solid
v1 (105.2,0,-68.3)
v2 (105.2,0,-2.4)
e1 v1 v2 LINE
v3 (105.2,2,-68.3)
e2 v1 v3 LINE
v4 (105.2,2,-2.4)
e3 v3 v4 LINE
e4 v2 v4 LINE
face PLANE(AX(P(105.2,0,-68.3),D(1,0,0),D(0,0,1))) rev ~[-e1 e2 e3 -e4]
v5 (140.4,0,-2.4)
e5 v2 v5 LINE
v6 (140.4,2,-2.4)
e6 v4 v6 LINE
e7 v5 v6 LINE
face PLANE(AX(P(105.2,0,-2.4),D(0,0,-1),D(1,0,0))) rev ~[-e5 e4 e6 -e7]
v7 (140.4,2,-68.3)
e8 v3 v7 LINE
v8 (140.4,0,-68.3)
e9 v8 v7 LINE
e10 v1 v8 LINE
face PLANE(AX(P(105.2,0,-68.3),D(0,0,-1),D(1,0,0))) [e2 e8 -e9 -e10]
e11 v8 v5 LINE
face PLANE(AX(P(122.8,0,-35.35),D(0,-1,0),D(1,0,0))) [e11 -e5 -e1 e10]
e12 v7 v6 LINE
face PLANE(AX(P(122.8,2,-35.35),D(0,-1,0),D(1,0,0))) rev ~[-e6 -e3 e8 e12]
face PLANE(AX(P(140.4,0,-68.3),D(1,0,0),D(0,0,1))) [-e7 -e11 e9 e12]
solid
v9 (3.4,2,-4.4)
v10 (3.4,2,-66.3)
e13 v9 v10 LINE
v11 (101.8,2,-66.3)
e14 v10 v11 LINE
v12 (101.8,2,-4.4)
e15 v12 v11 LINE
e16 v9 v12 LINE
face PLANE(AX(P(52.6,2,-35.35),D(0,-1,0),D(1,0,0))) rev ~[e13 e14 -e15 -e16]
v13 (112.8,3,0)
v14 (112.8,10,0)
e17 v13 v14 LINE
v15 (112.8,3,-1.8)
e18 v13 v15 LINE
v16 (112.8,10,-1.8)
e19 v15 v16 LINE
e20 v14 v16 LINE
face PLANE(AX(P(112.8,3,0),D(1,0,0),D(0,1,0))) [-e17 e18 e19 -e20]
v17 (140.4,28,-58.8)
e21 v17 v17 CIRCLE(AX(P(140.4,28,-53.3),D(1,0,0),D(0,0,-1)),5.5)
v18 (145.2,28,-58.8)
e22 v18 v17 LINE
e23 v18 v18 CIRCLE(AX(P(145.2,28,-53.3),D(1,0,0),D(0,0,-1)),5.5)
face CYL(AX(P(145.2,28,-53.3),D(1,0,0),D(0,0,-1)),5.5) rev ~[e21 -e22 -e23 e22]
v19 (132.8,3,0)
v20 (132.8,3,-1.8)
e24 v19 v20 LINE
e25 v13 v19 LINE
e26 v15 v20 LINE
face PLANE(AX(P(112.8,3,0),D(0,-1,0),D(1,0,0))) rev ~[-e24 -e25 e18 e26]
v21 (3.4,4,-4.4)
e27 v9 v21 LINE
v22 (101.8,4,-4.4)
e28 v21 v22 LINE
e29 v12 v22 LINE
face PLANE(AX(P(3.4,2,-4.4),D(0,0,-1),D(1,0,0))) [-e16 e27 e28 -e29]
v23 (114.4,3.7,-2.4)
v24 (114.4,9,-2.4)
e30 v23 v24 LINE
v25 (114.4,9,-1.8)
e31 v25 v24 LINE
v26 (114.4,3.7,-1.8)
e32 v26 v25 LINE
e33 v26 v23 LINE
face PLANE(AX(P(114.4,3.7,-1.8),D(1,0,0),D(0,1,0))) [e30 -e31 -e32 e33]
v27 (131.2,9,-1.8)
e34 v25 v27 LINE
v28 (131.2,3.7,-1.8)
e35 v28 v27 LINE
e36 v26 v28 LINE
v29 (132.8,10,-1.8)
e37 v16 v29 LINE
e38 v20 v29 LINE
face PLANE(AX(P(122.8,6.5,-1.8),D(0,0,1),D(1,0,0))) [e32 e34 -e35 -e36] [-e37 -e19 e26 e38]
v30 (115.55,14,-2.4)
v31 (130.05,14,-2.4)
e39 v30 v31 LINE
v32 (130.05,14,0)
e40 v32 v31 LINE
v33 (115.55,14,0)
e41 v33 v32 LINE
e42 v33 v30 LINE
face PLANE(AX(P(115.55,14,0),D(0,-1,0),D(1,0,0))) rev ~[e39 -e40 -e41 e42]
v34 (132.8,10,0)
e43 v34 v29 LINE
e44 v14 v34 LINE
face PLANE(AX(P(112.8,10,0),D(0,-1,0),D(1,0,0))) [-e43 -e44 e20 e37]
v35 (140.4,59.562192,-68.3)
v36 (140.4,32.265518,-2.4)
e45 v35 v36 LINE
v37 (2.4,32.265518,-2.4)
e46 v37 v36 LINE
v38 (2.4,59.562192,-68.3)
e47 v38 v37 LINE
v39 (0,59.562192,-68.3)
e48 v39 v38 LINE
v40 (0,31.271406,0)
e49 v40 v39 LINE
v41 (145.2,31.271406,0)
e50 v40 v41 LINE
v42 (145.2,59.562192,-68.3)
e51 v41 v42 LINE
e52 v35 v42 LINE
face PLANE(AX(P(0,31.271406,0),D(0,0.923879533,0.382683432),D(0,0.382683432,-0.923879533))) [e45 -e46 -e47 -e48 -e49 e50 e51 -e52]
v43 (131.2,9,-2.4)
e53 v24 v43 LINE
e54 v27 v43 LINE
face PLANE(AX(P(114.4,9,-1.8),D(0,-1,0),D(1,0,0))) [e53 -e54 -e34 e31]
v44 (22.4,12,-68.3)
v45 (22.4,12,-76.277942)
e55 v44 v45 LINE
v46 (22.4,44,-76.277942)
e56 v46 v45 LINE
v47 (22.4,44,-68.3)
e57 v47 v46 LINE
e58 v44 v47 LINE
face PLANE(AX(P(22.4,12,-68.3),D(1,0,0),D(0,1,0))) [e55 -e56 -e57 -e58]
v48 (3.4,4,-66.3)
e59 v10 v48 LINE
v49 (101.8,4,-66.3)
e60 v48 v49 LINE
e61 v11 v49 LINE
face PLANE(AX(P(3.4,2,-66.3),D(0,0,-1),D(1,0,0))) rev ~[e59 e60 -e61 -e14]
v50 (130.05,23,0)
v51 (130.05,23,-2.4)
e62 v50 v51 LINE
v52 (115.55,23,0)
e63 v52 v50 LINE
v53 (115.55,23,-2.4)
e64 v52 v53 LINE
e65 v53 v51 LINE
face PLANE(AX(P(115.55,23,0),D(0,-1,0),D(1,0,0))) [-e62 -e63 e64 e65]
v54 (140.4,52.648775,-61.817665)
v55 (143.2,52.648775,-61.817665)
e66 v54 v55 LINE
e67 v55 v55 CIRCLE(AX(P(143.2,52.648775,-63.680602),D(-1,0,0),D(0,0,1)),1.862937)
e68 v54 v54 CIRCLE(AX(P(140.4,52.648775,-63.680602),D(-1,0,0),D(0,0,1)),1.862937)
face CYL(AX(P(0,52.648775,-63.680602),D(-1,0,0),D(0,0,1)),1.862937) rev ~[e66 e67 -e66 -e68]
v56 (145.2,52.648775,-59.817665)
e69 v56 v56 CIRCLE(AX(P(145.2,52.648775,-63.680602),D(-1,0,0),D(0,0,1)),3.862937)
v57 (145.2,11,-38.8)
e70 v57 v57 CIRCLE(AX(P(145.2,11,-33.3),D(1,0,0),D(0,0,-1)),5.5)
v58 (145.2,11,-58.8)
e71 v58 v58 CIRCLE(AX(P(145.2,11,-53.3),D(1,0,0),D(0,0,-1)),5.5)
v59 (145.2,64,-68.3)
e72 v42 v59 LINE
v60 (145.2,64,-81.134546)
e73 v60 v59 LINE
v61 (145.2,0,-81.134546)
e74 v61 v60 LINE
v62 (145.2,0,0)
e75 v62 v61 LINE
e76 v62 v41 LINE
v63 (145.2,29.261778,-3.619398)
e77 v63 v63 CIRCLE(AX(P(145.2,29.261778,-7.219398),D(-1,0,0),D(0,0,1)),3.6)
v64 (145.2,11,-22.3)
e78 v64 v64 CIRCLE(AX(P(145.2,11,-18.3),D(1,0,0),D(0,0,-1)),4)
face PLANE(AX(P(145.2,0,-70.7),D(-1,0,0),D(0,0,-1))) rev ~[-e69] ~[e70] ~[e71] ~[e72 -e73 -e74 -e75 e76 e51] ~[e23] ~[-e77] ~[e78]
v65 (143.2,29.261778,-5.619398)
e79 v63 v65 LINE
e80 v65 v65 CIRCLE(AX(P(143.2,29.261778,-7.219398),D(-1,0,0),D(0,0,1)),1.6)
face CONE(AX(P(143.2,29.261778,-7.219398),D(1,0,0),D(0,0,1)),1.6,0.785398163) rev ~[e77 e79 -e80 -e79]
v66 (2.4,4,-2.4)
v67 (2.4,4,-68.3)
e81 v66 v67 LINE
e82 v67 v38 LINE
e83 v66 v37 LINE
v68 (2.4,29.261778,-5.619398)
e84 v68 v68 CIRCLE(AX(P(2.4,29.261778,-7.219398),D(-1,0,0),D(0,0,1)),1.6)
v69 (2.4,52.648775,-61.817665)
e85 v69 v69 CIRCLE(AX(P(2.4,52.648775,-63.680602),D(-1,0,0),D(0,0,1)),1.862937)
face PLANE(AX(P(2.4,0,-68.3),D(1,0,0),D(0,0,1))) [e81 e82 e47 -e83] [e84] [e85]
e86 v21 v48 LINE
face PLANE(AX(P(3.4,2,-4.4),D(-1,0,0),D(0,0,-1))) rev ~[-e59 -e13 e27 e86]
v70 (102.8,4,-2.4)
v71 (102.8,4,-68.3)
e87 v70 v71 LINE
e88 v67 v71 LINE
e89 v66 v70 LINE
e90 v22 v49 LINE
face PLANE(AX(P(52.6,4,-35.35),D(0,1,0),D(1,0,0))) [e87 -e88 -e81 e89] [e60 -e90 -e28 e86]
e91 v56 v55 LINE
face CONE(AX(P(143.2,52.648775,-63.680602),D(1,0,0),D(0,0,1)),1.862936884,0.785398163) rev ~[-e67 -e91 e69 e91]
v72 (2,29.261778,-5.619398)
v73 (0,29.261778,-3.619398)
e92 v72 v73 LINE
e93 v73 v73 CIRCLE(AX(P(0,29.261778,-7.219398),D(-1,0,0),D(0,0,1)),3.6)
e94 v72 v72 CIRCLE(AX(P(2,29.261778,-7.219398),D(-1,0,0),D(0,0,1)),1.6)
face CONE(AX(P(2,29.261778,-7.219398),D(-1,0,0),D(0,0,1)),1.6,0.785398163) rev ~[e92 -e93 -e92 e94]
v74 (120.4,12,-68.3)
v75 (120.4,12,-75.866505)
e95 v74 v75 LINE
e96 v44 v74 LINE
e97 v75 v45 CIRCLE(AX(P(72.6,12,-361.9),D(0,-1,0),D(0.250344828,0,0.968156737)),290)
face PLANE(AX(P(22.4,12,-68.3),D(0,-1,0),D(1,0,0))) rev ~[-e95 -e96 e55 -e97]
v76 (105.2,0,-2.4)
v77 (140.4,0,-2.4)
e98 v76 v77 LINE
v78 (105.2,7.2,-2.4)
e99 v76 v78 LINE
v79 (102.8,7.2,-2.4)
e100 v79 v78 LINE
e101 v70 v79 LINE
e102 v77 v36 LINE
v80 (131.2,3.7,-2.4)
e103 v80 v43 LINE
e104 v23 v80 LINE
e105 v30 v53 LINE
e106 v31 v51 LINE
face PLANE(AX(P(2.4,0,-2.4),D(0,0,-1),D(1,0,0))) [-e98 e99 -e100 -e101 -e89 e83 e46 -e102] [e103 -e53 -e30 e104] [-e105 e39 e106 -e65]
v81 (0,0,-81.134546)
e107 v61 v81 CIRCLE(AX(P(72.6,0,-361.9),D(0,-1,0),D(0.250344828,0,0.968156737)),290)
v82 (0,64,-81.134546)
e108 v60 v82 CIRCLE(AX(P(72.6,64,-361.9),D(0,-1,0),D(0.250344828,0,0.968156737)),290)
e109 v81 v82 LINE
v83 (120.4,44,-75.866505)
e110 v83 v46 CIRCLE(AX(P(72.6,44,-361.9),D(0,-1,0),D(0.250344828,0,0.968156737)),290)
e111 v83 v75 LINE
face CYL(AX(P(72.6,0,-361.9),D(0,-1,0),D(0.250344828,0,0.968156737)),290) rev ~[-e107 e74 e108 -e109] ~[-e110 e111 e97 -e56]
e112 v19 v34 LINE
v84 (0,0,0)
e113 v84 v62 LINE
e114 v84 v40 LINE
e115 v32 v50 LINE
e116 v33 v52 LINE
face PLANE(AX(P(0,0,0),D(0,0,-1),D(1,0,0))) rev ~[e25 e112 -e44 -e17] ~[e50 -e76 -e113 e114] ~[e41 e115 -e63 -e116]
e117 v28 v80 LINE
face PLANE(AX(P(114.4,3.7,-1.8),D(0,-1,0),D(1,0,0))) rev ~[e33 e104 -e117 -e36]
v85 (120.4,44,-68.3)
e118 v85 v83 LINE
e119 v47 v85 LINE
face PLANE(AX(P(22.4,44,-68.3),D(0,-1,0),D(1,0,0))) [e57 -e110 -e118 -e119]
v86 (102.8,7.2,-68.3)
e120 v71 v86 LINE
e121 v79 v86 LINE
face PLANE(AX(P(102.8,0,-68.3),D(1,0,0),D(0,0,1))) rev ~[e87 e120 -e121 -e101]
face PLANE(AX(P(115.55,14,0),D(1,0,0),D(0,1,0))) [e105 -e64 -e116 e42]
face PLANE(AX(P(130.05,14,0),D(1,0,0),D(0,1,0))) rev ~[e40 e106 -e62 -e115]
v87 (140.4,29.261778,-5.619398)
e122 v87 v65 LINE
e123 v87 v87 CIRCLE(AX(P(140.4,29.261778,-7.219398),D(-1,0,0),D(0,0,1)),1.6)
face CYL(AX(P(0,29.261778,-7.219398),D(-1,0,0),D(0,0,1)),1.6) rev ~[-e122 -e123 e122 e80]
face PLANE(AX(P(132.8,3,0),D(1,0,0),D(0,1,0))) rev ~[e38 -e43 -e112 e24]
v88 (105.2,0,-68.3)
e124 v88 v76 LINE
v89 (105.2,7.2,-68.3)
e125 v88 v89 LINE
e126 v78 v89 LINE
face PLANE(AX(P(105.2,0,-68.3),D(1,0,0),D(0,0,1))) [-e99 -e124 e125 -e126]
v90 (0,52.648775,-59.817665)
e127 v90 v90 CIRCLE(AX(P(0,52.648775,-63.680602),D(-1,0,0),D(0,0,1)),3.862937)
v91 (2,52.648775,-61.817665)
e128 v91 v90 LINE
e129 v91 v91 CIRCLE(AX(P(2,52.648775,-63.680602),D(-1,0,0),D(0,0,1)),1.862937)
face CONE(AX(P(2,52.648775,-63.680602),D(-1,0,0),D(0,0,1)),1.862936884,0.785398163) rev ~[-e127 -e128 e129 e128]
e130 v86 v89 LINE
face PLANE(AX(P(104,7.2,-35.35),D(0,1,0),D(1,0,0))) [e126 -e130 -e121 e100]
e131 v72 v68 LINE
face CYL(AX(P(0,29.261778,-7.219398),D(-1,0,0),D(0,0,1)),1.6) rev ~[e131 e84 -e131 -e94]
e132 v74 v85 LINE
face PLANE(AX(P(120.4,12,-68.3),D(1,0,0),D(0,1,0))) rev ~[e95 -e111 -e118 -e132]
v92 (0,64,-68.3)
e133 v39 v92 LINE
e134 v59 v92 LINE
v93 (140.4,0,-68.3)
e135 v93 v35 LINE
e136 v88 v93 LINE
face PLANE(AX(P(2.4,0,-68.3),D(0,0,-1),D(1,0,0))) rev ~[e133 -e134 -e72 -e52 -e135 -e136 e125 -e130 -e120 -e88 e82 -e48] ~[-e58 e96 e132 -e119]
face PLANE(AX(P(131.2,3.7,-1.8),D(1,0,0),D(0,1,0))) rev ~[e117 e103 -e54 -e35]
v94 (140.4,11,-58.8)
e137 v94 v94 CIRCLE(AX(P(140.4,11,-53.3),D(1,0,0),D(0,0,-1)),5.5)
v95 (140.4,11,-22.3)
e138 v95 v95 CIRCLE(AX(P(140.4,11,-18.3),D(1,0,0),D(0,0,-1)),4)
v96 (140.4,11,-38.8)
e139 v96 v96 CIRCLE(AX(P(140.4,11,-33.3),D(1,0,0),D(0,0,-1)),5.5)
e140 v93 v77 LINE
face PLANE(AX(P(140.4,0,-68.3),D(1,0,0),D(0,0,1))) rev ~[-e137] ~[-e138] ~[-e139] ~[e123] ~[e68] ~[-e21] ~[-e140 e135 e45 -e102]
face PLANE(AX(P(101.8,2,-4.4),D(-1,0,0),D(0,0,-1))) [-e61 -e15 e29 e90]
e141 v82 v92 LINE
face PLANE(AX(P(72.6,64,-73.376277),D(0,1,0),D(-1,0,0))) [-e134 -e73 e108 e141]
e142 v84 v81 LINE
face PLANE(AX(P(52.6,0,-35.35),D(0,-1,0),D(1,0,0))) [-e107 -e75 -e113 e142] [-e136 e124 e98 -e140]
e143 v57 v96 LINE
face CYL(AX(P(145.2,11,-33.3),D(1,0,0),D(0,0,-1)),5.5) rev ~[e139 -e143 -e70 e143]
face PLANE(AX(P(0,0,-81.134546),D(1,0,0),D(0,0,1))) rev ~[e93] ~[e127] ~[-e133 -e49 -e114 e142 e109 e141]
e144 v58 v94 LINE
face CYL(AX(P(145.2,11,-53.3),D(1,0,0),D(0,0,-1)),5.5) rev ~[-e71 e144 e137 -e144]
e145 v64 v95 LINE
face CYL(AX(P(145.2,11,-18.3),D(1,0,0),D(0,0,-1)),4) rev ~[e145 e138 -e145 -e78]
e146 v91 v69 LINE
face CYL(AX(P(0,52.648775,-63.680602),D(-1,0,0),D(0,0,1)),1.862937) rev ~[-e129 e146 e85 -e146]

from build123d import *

# Parameters (mm, degrees)
SKIZZE1_W                         = 145.2
SKIZZE1_H                         = 70.7
AUFSATZ_LINEAR_AUSTRAGEN1_DEPTH   = 64
AUFSATZ_LINEAR_AUSTRAGEN2_DEPTH   = 64
SKIZZE4_W                         = 100.4
SKIZZE4_H                         = 65.9
SKIZZE4_W_2                       = 35.2
SCHNITT_LINEAR_AUSTRAGEN3_DEPTH   = 179.21855852
SKIZZE5_W                         = 100.4
SKIZZE5_H                         = 65.9
AUFSATZ_LINEAR_AUSTRAGEN3_DEPTH   = 2
SKIZZE5_W_2                       = 35.2
AUFSATZ_LINEAR_AUSTRAGEN3_2_DEPTH = 2
SKIZZE6_W                         = 100.4
SKIZZE6_H                         = 65.9
SKIZZE6_W_2                       = 98.4
SKIZZE6_H_2                       = 61.9
AUFSATZ_LINEAR_AUSTRAGEN4_DEPTH   = 2
SKIZZE8_W                         = 2.4
SKIZZE8_H                         = 65.9
SCHNITT_LINEAR_AUSTRAGEN4_DEPTH   = 56.8
SCHNITT_LINEAR_AUSTRAGEN5_DEPTH   = 179.21855852
SCHNITT_LINEAR_AUSTRAGEN6_DEPTH   = 179.21855852
SKIZZE11_W                        = 98
SKIZZE11_H                        = 32
SCHNITT_LINEAR_AUSTRAGEN7_DEPTH   = 173.753957986
SKIZZE12_R                        = 1.862936884
SKIZZE12_R_2                      = 1.6
SCHNITT_LINEAR_AUSTRAGEN8_DEPTH   = 179.21855852
FASE1_SIZE                        = 2
SKIZZE13_R                        = 5.5
SKIZZE13_R_2                      = 4
SCHNITT_LINEAR_AUSTRAGEN9_DEPTH   = 4.8
SKIZZE14_W                        = 20
SKIZZE14_H                        = 7
SCHNITT_LINEAR_AUSTRAGEN10_DEPTH  = 1.8
SKIZZE15_W                        = 16.8
SKIZZE15_H                        = 5.3
SCHNITT_LINEAR_AUSTRAGEN11_DEPTH  = 0.6
SKIZZE16_W                        = 14.5
SKIZZE16_H                        = 9
SCHNITT_LINEAR_AUSTRAGEN12_DEPTH  = 2.4


with BuildPart() as part:
    # Skizze1 → Aufsatz-Linear austragen1 (new body)
    with BuildSketch(Plane(origin=(0, 0, 0), x_dir=(1, 0, 0), z_dir=(0, 1, 0))):
        with Locations((72.6, 35.35)):
            Rectangle(SKIZZE1_W, SKIZZE1_H)
    extrude(amount=AUFSATZ_LINEAR_AUSTRAGEN1_DEPTH)

    # Skizze3 → Aufsatz-Linear austragen2 (add)
    with BuildSketch(Plane.XZ):
        with BuildLine():
            Line((0, -70.7), (145.2, -70.7))
            Line((145.2, -70.7), (145.2, -81.134546285))
            ThreePointArc((145.2, -81.134546285), (72.6, -71.9), (0, -81.134546285))
            Line((0, -81.134546285), (0, -70.7))
        make_face()
    extrude(amount=-AUFSATZ_LINEAR_AUSTRAGEN2_DEPTH)

    # Skizze4 → Schnitt-Linear austragen3 (cut, through all)
    with BuildSketch(Plane.XZ):
        with Locations((52.6, -35.35)):
            Rectangle(SKIZZE4_W, SKIZZE4_H)
        with Locations((122.8, -35.35)):
            Rectangle(SKIZZE4_W_2, SKIZZE4_H)
    extrude(amount=-SCHNITT_LINEAR_AUSTRAGEN3_DEPTH, mode=Mode.SUBTRACT)



with BuildPart() as body_2:
    # Skizze5 → Aufsatz-Linear austragen3 (new body)
    with BuildSketch(Plane.XZ):
        with Locations((52.6, -35.35)):
            Rectangle(SKIZZE5_W, SKIZZE5_H)
    extrude(amount=-AUFSATZ_LINEAR_AUSTRAGEN3_DEPTH)


with BuildPart() as body_3:
    # Skizze5 → Aufsatz-Linear austragen3 2 (new body)
    with BuildSketch(Plane.XZ):
        with Locations((122.8, -35.35)):
            Rectangle(SKIZZE5_W_2, SKIZZE5_H)
    extrude(amount=-AUFSATZ_LINEAR_AUSTRAGEN3_2_DEPTH)


with BuildPart() as part_1:
    add(part.part)

    add(body_2.part)  # Aufsatz-Linear austragen4 merges body 2
    # Skizze6 → Aufsatz-Linear austragen4 (add)
    with BuildSketch(Plane(origin=(0, 2, 0), x_dir=(1, 0, 0), z_dir=(0, 1, 0))):
        with Locations((52.6, 35.35)):
            Rectangle(SKIZZE6_W, SKIZZE6_H)
        with Locations((52.6, 35.35)):
            Rectangle(SKIZZE6_W_2, SKIZZE6_H_2, mode=Mode.SUBTRACT)
    extrude(amount=AUFSATZ_LINEAR_AUSTRAGEN4_DEPTH)

    # Skizze8 → Schnitt-Linear austragen4 (cut)
    with BuildSketch(Plane(origin=(0, 64, 0), x_dir=(1, 0, 0), z_dir=(0, 1, 0))):
        with Locations((104, 35.35)):
            Rectangle(SKIZZE8_W, SKIZZE8_H)
    extrude(amount=-SCHNITT_LINEAR_AUSTRAGEN4_DEPTH, mode=Mode.SUBTRACT)

    # Skizze9 → Schnitt-Linear austragen5 (cut, through all)
    with BuildSketch(Plane.ZY):
        Polygon((-68.3, 64), (0, 64), (0, 35.70921369), align=None)
    extrude(amount=-SCHNITT_LINEAR_AUSTRAGEN5_DEPTH, mode=Mode.SUBTRACT)

    # Skizze10 → Schnitt-Linear austragen6 (cut, through all)
    with BuildSketch(Plane.ZY):
        Polygon((-68.3, 64), (0, 35.70921369), (0, 31.271405669), (-68.3, 59.562191979), align=None)
    extrude(amount=-SCHNITT_LINEAR_AUSTRAGEN6_DEPTH, mode=Mode.SUBTRACT)

    # Skizze11 → Schnitt-Linear austragen7 (cut, through all)
    with BuildSketch(Plane.XY.offset(-68.3)):
        with Locations((71.4, 28)):
            Rectangle(SKIZZE11_W, SKIZZE11_H)
    extrude(amount=-SCHNITT_LINEAR_AUSTRAGEN7_DEPTH, mode=Mode.SUBTRACT)

    # Skizze12 → Schnitt-Linear austragen8 (cut, through all)
    with BuildSketch(Plane.ZY):
        with Locations((-63.680602337, 52.648774817)):
            Circle(SKIZZE12_R)
        with Locations((-7.219397663, 29.261778093)):
            Circle(SKIZZE12_R_2)
    extrude(amount=-SCHNITT_LINEAR_AUSTRAGEN8_DEPTH, mode=Mode.SUBTRACT)

    # Fase1
    fase1_edges = [part_1.edges().sort_by_distance(p)[0] for p in [
        (145.2, 52.648774817, -65.543539222),
        (0, 52.648774817, -65.543539222),
        (145.2, 29.261778093, -8.819397663),
        (0, 29.261778093, -8.819397663),
    ]]
    chamfer(fase1_edges, length=FASE1_SIZE)

    # Skizze13 → Schnitt-Linear austragen9 (cut)
    with BuildSketch(Plane(origin=(145.2, 0, 0), x_dir=(0, 0, -1), z_dir=(1, 0, 0))):
        with Locations((53.3, 11)):
            Circle(SKIZZE13_R)
        with Locations((53.3, 28)):
            Circle(SKIZZE13_R)
        with Locations((33.3, 11)):
            Circle(SKIZZE13_R)
        with Locations((18.3, 11)):
            Circle(SKIZZE13_R_2)
    extrude(amount=-SCHNITT_LINEAR_AUSTRAGEN9_DEPTH, mode=Mode.SUBTRACT)

    # Skizze14 → Schnitt-Linear austragen10 (cut)
    with BuildSketch(Plane.XY):
        with Locations((122.8, 6.5)):
            Rectangle(SKIZZE14_W, SKIZZE14_H)
    extrude(amount=-SCHNITT_LINEAR_AUSTRAGEN10_DEPTH, mode=Mode.SUBTRACT)

    # Skizze15 → Schnitt-Linear austragen11 (cut)
    with BuildSketch(Plane.XY.offset(-1.8)):
        with Locations((122.8, 6.35)):
            Rectangle(SKIZZE15_W, SKIZZE15_H)
    extrude(amount=-SCHNITT_LINEAR_AUSTRAGEN11_DEPTH, mode=Mode.SUBTRACT)

    # Skizze16 → Schnitt-Linear austragen12 (cut)
    with BuildSketch(Plane.XY):
        with Locations((122.8, 18.5)):
            Rectangle(SKIZZE16_W, SKIZZE16_H)
    extrude(amount=-SCHNITT_LINEAR_AUSTRAGEN12_DEPTH, mode=Mode.SUBTRACT)


solid = Compound([body_3.part, part_1.part])
